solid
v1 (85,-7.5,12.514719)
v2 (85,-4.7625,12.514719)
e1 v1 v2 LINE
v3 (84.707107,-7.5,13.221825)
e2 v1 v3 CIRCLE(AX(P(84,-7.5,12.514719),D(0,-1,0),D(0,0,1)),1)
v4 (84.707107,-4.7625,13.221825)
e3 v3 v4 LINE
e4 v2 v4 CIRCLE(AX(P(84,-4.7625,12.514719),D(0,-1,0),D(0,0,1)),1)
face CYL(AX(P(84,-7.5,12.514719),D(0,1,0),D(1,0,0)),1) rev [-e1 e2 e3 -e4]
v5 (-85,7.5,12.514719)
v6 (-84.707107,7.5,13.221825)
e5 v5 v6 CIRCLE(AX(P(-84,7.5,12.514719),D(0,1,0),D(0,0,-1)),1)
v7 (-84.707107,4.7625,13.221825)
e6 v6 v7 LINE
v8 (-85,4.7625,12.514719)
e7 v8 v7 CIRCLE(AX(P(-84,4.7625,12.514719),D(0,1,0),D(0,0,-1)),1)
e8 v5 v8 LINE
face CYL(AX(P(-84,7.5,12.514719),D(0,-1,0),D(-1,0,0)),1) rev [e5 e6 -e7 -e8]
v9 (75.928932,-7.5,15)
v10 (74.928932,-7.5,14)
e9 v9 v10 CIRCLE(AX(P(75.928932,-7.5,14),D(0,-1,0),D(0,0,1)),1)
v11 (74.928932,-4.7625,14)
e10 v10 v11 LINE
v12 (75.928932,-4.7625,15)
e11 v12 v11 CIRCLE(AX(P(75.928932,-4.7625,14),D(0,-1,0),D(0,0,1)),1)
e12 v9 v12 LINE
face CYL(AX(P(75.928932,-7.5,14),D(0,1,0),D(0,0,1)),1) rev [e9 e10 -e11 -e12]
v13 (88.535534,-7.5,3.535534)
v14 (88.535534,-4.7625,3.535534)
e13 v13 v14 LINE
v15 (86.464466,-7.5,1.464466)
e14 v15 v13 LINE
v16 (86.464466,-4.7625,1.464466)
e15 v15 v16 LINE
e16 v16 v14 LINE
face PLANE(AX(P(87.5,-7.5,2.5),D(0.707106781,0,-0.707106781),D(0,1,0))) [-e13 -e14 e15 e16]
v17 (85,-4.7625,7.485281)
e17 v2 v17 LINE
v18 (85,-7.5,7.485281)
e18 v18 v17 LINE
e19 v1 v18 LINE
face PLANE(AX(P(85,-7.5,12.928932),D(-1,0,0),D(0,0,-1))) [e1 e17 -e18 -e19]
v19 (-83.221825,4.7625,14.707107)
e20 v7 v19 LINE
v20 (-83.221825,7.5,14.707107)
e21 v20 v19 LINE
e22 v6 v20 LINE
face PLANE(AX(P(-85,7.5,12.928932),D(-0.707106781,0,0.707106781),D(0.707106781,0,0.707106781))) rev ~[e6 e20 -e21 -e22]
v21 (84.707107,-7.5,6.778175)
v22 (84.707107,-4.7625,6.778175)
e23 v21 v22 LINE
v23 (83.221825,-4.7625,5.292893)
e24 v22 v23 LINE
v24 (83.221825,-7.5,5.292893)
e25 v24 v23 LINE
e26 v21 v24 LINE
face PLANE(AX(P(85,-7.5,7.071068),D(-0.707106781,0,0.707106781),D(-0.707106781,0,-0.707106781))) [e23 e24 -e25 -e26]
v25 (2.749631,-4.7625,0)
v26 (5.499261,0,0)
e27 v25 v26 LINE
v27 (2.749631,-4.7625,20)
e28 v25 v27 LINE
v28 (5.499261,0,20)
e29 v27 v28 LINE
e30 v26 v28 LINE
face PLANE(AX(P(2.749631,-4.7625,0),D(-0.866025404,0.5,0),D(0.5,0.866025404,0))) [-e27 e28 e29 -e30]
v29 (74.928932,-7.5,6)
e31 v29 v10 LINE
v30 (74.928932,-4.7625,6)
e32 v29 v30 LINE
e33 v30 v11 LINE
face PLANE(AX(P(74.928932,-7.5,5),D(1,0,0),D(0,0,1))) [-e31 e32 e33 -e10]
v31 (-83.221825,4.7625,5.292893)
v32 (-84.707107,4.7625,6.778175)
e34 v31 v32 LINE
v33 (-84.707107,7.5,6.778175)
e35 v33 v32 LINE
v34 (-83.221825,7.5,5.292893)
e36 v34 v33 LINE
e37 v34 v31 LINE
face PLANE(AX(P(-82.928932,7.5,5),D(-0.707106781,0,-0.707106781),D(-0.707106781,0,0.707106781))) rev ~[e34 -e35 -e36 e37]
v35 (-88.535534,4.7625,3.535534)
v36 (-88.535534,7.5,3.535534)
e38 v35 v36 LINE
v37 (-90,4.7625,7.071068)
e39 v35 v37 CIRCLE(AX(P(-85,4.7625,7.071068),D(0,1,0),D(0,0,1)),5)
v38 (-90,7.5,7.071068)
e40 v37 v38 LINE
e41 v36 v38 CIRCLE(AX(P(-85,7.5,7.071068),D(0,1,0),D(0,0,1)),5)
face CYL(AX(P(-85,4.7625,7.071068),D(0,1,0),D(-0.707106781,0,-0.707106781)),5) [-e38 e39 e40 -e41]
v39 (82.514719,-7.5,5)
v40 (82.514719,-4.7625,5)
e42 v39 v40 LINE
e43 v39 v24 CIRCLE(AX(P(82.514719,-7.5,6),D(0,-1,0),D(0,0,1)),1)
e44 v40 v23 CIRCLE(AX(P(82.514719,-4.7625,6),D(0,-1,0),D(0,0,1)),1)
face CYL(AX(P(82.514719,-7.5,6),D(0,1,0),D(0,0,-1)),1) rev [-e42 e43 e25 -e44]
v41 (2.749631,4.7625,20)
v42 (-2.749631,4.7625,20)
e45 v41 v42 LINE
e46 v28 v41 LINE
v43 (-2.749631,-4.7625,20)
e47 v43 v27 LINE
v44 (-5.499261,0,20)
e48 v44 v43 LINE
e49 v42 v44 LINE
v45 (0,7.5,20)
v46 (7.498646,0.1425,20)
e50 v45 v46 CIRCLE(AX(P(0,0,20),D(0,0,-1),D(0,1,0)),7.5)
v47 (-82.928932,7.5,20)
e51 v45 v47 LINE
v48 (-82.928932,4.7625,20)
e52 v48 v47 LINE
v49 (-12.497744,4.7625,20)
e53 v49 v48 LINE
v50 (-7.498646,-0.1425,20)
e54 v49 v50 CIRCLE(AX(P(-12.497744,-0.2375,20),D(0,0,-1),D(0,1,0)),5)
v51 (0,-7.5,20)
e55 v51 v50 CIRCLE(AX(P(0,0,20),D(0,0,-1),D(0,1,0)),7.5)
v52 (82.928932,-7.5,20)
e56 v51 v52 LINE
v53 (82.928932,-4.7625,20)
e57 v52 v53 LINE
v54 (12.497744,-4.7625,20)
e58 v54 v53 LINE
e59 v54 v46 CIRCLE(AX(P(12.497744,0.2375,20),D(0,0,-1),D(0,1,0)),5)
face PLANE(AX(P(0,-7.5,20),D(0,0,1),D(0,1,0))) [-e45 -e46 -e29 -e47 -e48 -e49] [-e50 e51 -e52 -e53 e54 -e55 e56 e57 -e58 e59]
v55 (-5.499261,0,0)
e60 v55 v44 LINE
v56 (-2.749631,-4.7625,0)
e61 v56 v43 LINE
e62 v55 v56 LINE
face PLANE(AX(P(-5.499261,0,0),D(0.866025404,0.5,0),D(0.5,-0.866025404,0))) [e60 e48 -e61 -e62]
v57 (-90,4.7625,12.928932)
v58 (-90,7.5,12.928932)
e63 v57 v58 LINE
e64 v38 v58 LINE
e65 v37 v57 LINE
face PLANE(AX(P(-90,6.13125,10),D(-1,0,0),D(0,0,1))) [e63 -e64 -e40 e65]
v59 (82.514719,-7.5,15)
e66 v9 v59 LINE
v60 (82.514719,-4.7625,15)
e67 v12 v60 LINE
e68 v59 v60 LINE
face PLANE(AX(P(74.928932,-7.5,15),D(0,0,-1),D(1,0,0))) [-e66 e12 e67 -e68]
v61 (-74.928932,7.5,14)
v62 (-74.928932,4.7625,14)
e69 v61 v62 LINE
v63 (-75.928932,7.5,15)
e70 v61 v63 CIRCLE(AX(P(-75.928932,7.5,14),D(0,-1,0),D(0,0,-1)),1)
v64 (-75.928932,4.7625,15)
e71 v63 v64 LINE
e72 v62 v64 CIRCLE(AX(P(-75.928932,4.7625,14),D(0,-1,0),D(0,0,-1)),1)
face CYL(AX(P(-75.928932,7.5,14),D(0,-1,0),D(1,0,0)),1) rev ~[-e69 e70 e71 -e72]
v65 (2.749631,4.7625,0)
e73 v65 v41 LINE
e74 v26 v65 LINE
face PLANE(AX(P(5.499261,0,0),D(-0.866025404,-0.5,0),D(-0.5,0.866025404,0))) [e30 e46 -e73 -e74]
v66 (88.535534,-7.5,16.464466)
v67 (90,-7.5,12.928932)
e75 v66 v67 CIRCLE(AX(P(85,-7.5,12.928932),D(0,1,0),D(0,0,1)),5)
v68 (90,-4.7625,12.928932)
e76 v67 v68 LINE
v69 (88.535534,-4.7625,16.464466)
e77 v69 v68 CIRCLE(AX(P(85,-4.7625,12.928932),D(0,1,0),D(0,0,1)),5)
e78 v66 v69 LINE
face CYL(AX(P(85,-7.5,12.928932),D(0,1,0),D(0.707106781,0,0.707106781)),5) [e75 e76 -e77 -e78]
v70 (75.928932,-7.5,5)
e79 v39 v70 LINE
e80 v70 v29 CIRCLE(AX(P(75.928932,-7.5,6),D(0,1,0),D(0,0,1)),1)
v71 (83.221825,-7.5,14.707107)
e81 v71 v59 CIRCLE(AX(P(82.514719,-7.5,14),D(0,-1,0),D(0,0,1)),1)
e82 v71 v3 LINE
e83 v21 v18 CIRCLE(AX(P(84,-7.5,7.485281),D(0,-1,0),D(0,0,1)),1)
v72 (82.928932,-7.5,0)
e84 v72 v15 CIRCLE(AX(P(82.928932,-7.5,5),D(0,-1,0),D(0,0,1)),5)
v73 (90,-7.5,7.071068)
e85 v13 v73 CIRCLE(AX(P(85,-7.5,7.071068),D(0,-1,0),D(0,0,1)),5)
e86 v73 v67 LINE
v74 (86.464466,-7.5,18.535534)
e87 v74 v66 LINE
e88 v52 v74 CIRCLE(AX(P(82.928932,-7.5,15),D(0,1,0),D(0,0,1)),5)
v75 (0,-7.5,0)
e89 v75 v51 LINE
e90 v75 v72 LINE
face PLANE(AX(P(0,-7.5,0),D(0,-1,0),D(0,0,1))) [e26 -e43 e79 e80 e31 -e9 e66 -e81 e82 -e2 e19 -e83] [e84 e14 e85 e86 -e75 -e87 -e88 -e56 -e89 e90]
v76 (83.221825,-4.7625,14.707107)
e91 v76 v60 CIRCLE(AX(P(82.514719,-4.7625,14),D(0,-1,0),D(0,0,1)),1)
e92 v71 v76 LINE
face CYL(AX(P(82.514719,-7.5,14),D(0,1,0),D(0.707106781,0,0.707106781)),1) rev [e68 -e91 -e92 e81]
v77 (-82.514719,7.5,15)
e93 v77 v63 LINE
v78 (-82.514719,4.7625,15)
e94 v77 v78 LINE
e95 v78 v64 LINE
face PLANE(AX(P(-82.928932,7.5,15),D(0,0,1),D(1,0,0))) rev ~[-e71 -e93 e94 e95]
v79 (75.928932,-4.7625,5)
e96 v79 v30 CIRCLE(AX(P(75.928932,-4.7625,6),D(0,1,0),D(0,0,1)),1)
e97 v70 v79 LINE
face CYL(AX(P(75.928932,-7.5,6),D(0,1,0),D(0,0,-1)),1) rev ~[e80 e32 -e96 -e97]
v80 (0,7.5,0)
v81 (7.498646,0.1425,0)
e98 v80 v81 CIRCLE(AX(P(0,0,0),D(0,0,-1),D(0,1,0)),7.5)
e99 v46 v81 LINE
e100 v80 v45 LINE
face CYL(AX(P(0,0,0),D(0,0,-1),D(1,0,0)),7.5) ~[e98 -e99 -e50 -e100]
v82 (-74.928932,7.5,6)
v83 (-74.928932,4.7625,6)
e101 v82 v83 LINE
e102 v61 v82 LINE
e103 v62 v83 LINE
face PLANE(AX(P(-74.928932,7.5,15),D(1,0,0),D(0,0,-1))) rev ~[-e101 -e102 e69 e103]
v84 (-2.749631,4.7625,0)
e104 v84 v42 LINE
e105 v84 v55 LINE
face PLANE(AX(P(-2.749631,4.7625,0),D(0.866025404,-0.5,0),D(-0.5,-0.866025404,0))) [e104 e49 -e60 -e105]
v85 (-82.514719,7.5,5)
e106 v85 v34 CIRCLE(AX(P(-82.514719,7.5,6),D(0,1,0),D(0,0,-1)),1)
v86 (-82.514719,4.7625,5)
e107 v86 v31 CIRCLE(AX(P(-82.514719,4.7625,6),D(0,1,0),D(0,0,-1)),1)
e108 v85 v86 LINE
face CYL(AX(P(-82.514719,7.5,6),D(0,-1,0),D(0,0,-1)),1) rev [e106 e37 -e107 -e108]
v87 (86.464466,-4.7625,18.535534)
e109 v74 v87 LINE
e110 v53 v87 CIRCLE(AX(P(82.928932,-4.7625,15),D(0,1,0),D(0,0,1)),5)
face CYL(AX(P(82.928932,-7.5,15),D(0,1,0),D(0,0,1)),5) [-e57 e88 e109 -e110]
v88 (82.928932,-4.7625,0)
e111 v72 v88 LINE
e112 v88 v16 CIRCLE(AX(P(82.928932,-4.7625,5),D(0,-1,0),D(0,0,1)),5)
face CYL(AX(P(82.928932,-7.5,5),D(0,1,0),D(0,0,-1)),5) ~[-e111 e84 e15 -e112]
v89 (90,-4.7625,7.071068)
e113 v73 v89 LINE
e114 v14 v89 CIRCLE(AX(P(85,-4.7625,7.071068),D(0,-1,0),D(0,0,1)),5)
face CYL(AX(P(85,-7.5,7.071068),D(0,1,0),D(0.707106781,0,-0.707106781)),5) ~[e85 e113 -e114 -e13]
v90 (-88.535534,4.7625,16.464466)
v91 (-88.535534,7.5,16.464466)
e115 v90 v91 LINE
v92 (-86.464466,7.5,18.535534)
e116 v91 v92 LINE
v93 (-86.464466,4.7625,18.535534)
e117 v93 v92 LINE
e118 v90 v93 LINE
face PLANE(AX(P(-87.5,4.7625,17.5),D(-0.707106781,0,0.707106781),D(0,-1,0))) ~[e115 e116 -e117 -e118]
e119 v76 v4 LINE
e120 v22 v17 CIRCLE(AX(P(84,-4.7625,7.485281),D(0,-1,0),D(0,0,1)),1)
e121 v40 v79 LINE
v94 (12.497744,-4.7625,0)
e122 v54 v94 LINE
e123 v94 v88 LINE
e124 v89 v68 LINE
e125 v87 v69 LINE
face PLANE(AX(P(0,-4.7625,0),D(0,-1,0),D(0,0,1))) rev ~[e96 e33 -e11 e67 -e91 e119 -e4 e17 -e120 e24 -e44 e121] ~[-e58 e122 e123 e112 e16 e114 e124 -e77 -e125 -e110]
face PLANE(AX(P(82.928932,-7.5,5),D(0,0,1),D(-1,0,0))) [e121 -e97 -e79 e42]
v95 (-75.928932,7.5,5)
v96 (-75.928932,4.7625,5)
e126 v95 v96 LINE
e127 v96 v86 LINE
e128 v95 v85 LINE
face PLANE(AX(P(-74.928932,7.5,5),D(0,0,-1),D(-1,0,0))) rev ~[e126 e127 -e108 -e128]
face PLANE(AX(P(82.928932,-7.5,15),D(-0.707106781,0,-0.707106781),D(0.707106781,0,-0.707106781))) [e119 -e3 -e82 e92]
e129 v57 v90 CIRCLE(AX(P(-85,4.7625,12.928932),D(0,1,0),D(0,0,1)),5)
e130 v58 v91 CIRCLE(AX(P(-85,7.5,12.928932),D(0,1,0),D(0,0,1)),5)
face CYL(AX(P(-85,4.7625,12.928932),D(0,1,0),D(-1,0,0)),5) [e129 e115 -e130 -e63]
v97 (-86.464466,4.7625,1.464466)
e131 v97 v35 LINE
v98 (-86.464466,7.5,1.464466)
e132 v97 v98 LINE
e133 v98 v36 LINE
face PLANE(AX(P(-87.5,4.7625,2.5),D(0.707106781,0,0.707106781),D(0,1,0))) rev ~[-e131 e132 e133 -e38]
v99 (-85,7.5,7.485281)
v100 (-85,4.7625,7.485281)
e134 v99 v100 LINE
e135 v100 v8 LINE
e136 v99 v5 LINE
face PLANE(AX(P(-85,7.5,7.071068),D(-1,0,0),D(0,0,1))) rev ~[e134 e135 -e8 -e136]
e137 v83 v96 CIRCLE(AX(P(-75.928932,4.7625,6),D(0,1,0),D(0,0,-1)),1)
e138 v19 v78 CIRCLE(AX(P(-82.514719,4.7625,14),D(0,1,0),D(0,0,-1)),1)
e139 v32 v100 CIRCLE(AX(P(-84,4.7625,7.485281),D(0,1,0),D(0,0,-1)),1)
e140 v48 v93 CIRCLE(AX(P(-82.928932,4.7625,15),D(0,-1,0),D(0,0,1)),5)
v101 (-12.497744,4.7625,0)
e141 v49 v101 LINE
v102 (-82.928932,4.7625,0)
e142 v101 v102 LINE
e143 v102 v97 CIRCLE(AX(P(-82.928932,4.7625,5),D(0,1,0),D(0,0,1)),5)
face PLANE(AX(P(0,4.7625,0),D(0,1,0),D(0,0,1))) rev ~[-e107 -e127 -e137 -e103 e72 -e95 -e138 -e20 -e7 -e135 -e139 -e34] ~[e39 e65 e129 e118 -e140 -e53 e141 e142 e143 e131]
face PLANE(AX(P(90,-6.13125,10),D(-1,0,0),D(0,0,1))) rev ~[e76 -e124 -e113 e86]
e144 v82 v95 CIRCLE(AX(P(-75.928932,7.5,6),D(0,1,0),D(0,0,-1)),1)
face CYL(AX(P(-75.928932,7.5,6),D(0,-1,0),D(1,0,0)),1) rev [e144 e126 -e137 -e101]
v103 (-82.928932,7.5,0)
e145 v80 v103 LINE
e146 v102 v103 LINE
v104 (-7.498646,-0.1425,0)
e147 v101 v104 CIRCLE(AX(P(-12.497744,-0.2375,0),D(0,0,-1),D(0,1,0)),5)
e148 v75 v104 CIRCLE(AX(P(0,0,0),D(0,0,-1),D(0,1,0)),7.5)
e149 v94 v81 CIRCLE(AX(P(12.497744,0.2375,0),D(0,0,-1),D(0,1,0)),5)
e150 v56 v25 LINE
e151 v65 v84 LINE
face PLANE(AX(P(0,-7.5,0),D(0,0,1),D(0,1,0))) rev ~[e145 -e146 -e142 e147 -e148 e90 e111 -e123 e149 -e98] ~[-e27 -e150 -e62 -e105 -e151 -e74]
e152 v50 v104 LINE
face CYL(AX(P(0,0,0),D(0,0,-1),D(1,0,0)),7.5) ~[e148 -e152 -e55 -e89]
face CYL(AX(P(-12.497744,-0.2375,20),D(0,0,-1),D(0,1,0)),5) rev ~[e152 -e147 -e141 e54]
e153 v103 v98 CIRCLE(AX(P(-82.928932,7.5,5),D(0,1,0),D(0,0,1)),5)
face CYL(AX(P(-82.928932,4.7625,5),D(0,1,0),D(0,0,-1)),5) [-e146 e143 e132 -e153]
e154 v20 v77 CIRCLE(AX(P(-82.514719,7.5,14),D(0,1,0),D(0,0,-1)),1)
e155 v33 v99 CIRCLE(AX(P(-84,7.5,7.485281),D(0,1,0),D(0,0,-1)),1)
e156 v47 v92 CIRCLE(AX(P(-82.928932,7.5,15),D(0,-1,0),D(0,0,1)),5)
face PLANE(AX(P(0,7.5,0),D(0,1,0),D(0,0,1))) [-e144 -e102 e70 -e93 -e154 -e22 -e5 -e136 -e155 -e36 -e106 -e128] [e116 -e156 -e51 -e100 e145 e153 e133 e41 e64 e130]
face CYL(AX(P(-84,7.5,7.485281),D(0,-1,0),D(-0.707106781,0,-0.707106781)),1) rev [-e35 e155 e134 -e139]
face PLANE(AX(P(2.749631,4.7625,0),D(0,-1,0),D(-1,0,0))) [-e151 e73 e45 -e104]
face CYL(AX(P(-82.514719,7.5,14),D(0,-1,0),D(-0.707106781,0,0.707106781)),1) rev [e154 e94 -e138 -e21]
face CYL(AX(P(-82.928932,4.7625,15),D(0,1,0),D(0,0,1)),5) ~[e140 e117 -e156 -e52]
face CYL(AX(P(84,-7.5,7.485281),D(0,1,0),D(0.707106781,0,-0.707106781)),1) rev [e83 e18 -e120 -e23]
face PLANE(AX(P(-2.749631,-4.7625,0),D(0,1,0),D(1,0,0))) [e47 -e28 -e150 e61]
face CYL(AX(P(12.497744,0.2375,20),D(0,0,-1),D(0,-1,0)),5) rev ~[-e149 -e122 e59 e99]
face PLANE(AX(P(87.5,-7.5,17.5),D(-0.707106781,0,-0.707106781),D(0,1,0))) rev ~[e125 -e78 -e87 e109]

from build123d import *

# Parameters (mm, degrees)
SKETCH2_R           = 7.5
BOSS_EXTRUDE1_DEPTH = 20
SKETCH3_W           = 20
SKETCH3_H           = 2.7375
BOSS_EXTRUDE2_DEPTH = 90
FILLET1_R           = 5
CHAMFER1_SIZE       = 5
FILLET2_R           = 5
CUT_EXTRUDE1_DEPTH  = 45
FILLET3_R           = 1
SKETCH5_W           = 20
SKETCH5_H           = 2.7375
BOSS_EXTRUDE3_DEPTH = 90
CHAMFER2_SIZE       = 5
FILLET4_R           = 5
FILLET5_R           = 5
CUT_EXTRUDE2_DEPTH  = 90
FILLET6_R           = 1


with BuildPart() as part:
    # Sketch2 → Boss-Extrude1 (new body)
    with BuildSketch(Plane.XY):
        Circle(SKETCH2_R)
        Polygon((5.499261314, 0), (2.749630657, 4.7625), (-2.749630657, 4.7625), (-5.499261314, 0), (-2.749630657, -4.7625), (2.749630657, -4.7625), align=None, mode=Mode.SUBTRACT)
    extrude(amount=BOSS_EXTRUDE1_DEPTH)

    # Sketch3 → Boss-Extrude2 (add)
    with BuildSketch(Plane.ZY):
        with Locations((10, 6.13125)):
            Rectangle(SKETCH3_W, SKETCH3_H)
    extrude(amount=BOSS_EXTRUDE2_DEPTH)

    # Fillet1
    fillet1_edges = [part.edges().sort_by_distance(p)[0] for p in [
        (-5.793841019, 4.7625, 10),
    ]]
    fillet(fillet1_edges, radius=FILLET1_R)

    # Chamfer1
    chamfer1_edges = [part.edges().sort_by_distance(p)[0] for p in [
        (-90, 6.13125, 0),
        (-90, 6.13125, 20),
    ]]
    chamfer(chamfer1_edges, length=CHAMFER1_SIZE)

    # Fillet2
    fillet2_edges = [part.edges().sort_by_distance(p)[0] for p in [
        (-90, 6.13125, 15),
        (-90, 6.13125, 5),
        (-85, 6.13125, 0),
        (-85, 6.13125, 20),
    ]]
    fillet(fillet2_edges, radius=FILLET2_R)

    # Sketch4 → Cut-Extrude1 (cut)
    with BuildSketch(Plane(origin=(0, 7.5, 0), x_dir=(1, 0, 0), z_dir=(0, 1, 0))):
        Polygon((-74.928932188, -15), (-74.928932188, -5), (-82.928932188, -5), (-85, -7.071067812), (-85, -12.928932188), (-82.928932188, -15), align=None)
    extrude(amount=-CUT_EXTRUDE1_DEPTH, mode=Mode.SUBTRACT)

    # Fillet3
    fillet3_edges = [part.edges().sort_by_distance(p)[0] for p in [
        (-74.928932188, 6.13125, 15),
        (-82.928932188, 6.13125, 15),
        (-85, 6.13125, 12.928932188),
        (-85, 6.13125, 7.071067812),
        (-82.928932188, 6.13125, 5),
        (-74.928932188, 6.13125, 5),
    ]]
    fillet(fillet3_edges, radius=FILLET3_R)

    # Sketch5 → Boss-Extrude3 (add)
    with BuildSketch(Plane.ZY):
        with Locations((10, -6.13125)):
            Rectangle(SKETCH5_W, SKETCH5_H)
    extrude(amount=-BOSS_EXTRUDE3_DEPTH)

    # Chamfer2
    chamfer2_edges = [part.edges().sort_by_distance(p)[0] for p in [
        (90, -6.13125, 20),
        (90, -6.13125, 0),
    ]]
    chamfer(chamfer2_edges, length=CHAMFER2_SIZE)

    # Fillet4
    fillet4_edges = [part.edges().sort_by_distance(p)[0] for p in [
        (85, -6.13125, 20),
        (90, -6.13125, 5),
        (90, -6.13125, 15),
        (85, -6.13125, 0),
    ]]
    fillet(fillet4_edges, radius=FILLET4_R)

    # Fillet5
    fillet5_edges = [part.edges().sort_by_distance(p)[0] for p in [
        (5.793841019, -4.7625, 10),
    ]]
    fillet(fillet5_edges, radius=FILLET5_R)

    # Sketch7 → Cut-Extrude2 (cut)
    with BuildSketch(Plane.XZ.offset(7.5)):
        Polygon((74.928932188, 5), (74.928932188, 15), (82.928932188, 15), (85, 12.928932188), (85, 7.071067812), (82.928932188, 5), align=None)
    extrude(amount=-CUT_EXTRUDE2_DEPTH, mode=Mode.SUBTRACT)

    # Fillet6
    fillet6_edges = [part.edges().sort_by_distance(p)[0] for p in [
        (82.928932188, -6.13125, 5),
        (74.928932188, -6.13125, 5),
        (74.928932188, -6.13125, 15),
        (82.928932188, -6.13125, 15),
        (85, -6.13125, 12.928932188),
        (85, -6.13125, 7.071067812),
    ]]
    fillet(fillet6_edges, radius=FILLET6_R)


solid = part.part
